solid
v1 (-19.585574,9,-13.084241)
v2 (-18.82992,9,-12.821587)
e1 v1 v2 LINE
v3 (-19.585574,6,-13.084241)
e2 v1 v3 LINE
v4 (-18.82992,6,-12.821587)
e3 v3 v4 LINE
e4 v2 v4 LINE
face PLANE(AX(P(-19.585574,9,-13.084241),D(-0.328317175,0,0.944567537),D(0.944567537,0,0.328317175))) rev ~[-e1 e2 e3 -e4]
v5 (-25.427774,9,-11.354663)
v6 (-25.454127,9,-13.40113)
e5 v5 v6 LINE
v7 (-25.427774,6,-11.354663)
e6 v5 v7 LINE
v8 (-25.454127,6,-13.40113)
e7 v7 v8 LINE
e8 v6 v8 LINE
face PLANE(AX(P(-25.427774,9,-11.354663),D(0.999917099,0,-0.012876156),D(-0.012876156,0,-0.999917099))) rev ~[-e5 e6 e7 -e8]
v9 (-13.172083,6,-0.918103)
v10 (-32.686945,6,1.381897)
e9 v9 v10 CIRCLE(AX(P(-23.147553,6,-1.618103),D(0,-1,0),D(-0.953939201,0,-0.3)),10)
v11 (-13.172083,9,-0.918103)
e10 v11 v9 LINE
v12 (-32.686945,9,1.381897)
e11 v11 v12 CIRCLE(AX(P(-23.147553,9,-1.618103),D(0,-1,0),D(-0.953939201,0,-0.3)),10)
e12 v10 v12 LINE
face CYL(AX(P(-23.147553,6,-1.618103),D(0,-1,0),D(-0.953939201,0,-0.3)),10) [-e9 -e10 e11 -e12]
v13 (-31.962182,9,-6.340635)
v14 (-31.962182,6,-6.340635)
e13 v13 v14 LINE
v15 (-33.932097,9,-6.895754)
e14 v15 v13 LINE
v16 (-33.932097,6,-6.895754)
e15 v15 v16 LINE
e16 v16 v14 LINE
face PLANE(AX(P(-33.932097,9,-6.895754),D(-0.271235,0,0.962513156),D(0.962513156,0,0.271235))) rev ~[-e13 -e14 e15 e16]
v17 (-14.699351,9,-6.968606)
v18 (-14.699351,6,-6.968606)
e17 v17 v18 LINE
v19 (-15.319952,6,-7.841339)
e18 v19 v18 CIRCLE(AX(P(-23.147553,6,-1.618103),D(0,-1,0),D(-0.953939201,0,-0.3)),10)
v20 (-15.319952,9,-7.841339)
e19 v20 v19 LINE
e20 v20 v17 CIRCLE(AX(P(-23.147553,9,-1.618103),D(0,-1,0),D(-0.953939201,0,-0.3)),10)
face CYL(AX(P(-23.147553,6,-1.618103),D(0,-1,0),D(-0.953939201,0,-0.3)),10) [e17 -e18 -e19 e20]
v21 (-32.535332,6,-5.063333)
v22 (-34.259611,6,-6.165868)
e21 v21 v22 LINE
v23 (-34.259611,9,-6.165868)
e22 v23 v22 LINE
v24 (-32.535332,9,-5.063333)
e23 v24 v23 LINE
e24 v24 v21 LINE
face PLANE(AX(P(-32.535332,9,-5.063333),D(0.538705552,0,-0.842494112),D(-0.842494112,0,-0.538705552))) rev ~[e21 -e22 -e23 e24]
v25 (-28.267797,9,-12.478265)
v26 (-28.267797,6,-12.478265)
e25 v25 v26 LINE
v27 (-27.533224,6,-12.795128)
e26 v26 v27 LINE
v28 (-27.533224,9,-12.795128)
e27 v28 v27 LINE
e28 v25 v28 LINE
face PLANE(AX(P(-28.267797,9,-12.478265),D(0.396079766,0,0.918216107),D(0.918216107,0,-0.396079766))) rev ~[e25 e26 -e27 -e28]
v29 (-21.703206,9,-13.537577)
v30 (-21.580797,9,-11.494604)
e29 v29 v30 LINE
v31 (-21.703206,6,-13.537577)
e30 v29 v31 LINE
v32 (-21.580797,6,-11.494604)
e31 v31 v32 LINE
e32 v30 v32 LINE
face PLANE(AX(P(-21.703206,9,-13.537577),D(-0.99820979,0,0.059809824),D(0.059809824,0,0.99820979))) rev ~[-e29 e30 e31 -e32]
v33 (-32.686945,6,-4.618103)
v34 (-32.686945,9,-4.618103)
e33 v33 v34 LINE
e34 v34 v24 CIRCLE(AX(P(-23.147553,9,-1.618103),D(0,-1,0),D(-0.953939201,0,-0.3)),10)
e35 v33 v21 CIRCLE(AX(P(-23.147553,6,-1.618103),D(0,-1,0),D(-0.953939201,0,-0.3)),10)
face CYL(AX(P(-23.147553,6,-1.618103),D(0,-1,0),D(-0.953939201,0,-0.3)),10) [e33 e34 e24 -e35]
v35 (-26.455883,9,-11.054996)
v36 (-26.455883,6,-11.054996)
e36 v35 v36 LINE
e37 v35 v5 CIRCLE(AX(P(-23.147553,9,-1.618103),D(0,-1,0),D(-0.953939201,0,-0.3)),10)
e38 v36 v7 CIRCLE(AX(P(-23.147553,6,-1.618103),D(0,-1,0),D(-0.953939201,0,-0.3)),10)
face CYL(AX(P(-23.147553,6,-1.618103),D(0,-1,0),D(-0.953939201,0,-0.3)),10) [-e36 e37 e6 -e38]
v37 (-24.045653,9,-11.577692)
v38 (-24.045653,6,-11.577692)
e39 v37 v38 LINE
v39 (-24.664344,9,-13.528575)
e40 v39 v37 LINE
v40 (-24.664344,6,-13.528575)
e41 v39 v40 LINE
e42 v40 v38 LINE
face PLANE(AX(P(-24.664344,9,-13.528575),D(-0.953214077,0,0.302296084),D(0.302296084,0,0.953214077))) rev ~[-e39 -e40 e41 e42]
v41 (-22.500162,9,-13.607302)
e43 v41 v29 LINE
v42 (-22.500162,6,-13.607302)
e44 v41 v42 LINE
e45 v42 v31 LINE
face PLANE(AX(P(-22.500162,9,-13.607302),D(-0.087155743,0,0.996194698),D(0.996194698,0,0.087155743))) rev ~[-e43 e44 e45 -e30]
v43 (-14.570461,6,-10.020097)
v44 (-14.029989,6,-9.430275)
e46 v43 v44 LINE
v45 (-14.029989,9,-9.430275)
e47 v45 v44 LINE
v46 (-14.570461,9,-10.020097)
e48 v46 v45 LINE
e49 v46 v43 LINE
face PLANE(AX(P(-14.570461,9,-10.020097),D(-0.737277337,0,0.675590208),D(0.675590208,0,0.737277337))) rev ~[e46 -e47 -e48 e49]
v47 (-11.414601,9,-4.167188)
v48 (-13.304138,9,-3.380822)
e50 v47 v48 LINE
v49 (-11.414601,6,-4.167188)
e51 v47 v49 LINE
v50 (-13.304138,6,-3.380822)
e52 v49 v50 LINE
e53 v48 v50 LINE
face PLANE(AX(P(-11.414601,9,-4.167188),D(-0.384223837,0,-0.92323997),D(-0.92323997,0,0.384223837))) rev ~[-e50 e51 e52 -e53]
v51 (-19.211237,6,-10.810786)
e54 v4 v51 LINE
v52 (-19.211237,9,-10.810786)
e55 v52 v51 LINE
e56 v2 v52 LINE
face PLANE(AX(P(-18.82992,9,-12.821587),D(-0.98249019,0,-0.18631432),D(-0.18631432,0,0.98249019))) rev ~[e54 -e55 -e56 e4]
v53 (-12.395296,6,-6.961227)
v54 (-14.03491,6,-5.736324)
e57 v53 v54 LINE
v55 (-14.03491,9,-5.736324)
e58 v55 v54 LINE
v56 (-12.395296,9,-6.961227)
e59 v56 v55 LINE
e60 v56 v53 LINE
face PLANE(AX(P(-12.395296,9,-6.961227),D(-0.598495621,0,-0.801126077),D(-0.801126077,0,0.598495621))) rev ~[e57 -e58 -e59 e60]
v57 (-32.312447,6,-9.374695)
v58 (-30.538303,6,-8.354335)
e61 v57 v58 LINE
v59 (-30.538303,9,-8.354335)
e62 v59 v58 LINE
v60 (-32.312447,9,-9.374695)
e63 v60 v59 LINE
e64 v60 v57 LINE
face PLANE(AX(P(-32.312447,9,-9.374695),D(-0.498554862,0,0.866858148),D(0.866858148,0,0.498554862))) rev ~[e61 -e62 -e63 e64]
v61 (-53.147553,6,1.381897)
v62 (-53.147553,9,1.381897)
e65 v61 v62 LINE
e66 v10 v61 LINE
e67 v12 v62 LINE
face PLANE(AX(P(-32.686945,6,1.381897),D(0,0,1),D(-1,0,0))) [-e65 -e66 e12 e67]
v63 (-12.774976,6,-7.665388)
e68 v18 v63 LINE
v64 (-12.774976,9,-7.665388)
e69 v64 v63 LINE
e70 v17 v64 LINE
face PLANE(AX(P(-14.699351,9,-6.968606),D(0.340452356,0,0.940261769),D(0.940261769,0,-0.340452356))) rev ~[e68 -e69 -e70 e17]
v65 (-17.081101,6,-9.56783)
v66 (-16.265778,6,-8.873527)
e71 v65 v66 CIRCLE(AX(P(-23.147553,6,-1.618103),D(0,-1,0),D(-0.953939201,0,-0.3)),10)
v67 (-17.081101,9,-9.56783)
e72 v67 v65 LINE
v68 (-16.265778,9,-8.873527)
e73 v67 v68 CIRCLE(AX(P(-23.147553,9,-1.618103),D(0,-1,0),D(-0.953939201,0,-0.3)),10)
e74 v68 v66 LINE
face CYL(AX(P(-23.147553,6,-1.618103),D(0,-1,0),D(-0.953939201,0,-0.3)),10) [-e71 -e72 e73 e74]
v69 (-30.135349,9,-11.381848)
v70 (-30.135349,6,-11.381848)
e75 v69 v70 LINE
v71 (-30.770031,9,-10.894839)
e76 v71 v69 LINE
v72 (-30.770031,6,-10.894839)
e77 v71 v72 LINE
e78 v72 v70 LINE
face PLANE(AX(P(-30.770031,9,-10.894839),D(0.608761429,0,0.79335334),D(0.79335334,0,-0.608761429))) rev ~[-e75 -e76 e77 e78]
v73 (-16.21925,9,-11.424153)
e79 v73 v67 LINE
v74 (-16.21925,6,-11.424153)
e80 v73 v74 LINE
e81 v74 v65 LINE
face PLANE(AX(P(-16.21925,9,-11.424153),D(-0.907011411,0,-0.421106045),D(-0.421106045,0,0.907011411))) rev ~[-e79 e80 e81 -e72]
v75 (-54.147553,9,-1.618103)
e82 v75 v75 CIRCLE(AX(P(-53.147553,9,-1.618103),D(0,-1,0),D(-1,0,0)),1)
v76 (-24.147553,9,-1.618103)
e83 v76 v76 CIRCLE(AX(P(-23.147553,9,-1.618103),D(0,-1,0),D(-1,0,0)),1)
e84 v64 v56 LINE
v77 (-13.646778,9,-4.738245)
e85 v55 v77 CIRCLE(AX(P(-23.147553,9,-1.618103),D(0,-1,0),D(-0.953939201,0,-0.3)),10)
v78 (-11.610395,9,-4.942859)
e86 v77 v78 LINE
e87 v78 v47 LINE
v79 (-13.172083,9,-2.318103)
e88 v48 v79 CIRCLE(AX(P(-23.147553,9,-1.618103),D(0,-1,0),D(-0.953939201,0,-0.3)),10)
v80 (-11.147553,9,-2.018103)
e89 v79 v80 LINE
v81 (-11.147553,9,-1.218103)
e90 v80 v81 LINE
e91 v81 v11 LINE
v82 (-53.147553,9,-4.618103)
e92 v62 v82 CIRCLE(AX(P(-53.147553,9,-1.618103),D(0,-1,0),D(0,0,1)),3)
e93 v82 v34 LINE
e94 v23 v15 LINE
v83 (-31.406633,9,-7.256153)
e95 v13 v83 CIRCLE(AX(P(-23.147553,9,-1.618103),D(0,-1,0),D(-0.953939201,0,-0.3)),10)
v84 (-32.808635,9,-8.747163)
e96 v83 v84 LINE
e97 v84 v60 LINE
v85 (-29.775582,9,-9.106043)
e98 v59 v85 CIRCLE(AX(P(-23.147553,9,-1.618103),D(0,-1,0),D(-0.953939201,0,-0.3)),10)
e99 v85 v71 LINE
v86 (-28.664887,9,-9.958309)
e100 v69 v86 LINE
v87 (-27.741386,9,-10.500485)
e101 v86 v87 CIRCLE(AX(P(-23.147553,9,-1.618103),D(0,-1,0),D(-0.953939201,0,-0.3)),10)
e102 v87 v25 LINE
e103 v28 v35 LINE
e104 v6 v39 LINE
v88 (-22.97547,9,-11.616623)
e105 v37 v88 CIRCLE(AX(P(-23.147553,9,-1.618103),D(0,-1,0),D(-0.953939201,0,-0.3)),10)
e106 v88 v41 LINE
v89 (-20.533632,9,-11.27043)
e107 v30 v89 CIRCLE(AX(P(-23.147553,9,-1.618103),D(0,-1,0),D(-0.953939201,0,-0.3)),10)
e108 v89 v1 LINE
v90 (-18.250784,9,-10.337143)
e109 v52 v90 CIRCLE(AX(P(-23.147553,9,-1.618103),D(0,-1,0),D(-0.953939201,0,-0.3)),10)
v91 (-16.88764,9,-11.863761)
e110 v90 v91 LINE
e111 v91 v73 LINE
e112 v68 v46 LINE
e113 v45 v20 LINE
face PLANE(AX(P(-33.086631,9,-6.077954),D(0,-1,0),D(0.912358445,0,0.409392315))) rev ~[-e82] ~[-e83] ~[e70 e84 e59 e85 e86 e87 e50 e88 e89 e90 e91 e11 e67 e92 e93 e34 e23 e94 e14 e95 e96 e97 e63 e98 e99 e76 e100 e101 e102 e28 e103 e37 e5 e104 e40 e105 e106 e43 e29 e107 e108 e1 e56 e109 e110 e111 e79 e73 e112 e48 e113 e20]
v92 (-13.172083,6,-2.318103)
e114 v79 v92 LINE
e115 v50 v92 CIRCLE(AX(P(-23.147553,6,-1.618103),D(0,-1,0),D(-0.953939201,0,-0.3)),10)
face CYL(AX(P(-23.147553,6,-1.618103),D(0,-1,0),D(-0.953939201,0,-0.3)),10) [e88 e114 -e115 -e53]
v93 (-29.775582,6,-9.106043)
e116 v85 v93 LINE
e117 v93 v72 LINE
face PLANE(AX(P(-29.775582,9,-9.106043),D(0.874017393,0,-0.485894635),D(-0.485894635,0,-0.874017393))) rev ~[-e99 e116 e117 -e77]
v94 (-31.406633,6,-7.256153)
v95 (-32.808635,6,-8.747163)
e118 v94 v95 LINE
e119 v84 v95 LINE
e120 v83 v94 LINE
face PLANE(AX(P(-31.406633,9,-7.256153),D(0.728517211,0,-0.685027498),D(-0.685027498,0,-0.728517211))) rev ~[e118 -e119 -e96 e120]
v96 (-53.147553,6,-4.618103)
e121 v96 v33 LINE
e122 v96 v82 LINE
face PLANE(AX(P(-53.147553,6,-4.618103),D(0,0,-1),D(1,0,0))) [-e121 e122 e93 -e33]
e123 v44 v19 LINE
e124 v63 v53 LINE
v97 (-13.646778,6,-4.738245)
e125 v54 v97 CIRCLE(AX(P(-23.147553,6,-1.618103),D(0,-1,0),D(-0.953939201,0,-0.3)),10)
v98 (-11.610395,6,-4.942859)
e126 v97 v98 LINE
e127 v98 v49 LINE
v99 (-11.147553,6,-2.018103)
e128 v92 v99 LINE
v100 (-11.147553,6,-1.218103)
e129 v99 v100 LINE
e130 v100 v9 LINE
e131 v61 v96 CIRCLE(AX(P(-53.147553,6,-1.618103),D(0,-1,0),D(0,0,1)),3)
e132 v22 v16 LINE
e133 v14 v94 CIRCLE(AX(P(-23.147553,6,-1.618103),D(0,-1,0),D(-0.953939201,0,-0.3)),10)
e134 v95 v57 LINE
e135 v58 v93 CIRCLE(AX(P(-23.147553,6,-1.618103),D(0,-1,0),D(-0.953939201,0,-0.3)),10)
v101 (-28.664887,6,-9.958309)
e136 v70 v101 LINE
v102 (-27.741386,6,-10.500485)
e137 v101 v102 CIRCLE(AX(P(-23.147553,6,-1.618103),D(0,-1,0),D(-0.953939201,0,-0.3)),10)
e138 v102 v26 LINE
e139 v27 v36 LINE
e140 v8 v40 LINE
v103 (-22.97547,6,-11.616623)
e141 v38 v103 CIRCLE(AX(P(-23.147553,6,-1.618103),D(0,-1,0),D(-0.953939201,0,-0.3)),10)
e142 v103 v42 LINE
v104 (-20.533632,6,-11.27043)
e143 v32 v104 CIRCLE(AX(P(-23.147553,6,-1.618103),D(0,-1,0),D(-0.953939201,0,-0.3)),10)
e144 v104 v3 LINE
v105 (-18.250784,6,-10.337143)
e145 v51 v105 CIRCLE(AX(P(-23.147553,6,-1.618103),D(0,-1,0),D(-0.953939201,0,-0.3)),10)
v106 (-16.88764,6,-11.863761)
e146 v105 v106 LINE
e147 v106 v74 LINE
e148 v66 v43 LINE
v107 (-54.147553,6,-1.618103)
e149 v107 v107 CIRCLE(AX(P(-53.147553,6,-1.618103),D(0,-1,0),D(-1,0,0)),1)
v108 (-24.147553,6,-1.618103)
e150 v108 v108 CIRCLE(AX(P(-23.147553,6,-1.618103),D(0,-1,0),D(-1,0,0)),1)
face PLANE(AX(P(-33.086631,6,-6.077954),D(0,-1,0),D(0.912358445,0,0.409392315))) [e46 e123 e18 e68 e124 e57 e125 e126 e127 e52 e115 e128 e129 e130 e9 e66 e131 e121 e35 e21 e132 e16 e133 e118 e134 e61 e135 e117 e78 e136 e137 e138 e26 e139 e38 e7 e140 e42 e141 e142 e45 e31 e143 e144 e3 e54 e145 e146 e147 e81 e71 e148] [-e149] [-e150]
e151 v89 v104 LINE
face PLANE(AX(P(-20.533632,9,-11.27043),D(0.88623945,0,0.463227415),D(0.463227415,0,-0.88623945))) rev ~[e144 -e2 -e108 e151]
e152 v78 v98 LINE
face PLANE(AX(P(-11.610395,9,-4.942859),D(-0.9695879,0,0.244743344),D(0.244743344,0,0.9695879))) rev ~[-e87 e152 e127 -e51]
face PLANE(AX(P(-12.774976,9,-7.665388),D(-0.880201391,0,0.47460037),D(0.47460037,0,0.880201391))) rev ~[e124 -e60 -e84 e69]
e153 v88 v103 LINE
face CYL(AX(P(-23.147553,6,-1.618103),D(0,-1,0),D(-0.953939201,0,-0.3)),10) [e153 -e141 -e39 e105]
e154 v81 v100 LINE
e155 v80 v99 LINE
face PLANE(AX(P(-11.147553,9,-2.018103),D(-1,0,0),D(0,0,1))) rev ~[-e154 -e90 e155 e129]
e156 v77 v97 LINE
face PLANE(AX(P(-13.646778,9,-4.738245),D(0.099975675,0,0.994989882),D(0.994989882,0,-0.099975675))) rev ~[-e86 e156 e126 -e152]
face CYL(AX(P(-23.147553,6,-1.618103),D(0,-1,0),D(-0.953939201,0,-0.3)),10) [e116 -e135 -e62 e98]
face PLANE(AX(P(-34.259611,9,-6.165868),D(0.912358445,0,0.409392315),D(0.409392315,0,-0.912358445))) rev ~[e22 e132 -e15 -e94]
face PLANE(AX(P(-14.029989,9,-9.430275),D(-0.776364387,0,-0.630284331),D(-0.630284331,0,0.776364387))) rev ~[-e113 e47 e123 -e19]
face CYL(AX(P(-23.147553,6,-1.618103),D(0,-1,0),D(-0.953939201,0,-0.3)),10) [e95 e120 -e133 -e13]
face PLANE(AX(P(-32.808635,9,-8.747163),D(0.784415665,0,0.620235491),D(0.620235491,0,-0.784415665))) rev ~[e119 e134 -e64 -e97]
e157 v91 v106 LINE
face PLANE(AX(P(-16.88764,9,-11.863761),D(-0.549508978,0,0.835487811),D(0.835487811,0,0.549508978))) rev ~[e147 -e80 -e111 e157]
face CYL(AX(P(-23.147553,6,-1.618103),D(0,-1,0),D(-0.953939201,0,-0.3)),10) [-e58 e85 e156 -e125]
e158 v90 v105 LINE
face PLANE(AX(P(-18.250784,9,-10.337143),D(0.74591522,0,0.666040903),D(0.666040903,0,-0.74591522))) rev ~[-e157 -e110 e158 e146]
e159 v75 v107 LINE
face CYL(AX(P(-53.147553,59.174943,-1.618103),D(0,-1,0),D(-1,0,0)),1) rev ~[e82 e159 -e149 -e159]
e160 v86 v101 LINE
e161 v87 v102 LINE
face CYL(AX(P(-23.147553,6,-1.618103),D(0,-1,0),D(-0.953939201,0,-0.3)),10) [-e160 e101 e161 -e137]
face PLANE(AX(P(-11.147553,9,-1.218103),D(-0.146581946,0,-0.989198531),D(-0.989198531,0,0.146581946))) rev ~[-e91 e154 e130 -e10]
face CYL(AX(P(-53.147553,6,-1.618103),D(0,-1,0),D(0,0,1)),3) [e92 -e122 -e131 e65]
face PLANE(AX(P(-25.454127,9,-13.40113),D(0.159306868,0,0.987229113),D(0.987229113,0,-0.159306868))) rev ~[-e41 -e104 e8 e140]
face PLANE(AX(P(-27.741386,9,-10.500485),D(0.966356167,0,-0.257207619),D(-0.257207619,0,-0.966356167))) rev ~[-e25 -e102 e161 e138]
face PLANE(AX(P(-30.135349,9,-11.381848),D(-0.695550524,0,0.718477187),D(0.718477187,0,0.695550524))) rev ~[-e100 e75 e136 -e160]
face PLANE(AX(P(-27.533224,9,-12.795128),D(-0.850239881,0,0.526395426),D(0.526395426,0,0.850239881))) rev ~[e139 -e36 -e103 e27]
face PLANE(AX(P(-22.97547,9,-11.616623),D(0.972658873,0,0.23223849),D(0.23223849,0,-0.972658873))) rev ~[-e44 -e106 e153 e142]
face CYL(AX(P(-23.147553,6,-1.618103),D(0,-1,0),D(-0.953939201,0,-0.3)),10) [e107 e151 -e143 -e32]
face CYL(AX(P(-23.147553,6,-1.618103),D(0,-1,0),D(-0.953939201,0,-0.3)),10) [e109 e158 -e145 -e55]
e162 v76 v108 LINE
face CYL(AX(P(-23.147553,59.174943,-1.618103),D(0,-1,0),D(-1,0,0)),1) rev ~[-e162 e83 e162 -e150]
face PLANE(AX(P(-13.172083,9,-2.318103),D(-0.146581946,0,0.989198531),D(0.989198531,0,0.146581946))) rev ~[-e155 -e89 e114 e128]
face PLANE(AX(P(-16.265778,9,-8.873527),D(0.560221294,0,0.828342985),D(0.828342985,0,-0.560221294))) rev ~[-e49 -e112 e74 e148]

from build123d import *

# Parameters (mm, degrees)
BOSS_EXTRUDE1_DEPTH   = 15
BOSS_EXTRUDE2_DEPTH   = 15
CIRPATTERN2_COUNT     = 13
CIRPATTERN2_ANGLE     = 170
F_1_0MM_DOWEL_HOLE1_D = 10
ESCALA1_SCALE         = 0.2


with BuildPart() as part:
    # Sketch1 → Boss-Extrude1 (new body)
    with BuildSketch(Plane(origin=(0, 0, 0), x_dir=(1, 0, 0), z_dir=(0, 1, 0))):
        with BuildLine():
            Line((-150, 15), (-47.696960071, 15))
            ThreePointArc((-47.696960071, 15), (50, 0), (-47.696960071, -15))
            Line((-47.696960071, -15), (-150, -15))
            ThreePointArc((-150, -15), (-165, 0), (-150, 15))
        make_face()
    extrude(amount=BOSS_EXTRUDE1_DEPTH)

    # Sketch2 → Boss-Extrude2 (add)
    with BuildSketch(Plane(origin=(0, 15, 0), x_dir=(1, 0, 0), z_dir=(0, 1, 0))):
        Polygon((49.877349569, 3.5), (60, 2), (60, -2), (49.877349569, -3.5), (50, 0), align=None)
    boss_extrude2 = extrude(amount=-BOSS_EXTRUDE2_DEPTH)

    # CirPattern2: Boss-Extrude2 ×13 about axis
    cirpattern2_axis = Axis((0, 0, 0), (0, 1, 0))
    for i in range(1, CIRPATTERN2_COUNT):
        add(boss_extrude2.rotate(cirpattern2_axis, i * CIRPATTERN2_ANGLE / (CIRPATTERN2_COUNT - 1)))

    # Ø1.0mm Dowel Hole1 (through all)
    with Locations(Plane(origin=(0, 15, 0), x_dir=(1, 0, 0), z_dir=(0, 1, 0))):
        with Locations((-150, 0), (0, 0)):
            Hole(F_1_0MM_DOWEL_HOLE1_D / 2)


with BuildPart() as part_1:
    # Escala1: scaled about (-28.934441086, 7.5, -2.022629068)
    add(part.part.scale(ESCALA1_SCALE).moved(Location((-23.147552869, 6, -1.618103254))))


solid = part_1.part
